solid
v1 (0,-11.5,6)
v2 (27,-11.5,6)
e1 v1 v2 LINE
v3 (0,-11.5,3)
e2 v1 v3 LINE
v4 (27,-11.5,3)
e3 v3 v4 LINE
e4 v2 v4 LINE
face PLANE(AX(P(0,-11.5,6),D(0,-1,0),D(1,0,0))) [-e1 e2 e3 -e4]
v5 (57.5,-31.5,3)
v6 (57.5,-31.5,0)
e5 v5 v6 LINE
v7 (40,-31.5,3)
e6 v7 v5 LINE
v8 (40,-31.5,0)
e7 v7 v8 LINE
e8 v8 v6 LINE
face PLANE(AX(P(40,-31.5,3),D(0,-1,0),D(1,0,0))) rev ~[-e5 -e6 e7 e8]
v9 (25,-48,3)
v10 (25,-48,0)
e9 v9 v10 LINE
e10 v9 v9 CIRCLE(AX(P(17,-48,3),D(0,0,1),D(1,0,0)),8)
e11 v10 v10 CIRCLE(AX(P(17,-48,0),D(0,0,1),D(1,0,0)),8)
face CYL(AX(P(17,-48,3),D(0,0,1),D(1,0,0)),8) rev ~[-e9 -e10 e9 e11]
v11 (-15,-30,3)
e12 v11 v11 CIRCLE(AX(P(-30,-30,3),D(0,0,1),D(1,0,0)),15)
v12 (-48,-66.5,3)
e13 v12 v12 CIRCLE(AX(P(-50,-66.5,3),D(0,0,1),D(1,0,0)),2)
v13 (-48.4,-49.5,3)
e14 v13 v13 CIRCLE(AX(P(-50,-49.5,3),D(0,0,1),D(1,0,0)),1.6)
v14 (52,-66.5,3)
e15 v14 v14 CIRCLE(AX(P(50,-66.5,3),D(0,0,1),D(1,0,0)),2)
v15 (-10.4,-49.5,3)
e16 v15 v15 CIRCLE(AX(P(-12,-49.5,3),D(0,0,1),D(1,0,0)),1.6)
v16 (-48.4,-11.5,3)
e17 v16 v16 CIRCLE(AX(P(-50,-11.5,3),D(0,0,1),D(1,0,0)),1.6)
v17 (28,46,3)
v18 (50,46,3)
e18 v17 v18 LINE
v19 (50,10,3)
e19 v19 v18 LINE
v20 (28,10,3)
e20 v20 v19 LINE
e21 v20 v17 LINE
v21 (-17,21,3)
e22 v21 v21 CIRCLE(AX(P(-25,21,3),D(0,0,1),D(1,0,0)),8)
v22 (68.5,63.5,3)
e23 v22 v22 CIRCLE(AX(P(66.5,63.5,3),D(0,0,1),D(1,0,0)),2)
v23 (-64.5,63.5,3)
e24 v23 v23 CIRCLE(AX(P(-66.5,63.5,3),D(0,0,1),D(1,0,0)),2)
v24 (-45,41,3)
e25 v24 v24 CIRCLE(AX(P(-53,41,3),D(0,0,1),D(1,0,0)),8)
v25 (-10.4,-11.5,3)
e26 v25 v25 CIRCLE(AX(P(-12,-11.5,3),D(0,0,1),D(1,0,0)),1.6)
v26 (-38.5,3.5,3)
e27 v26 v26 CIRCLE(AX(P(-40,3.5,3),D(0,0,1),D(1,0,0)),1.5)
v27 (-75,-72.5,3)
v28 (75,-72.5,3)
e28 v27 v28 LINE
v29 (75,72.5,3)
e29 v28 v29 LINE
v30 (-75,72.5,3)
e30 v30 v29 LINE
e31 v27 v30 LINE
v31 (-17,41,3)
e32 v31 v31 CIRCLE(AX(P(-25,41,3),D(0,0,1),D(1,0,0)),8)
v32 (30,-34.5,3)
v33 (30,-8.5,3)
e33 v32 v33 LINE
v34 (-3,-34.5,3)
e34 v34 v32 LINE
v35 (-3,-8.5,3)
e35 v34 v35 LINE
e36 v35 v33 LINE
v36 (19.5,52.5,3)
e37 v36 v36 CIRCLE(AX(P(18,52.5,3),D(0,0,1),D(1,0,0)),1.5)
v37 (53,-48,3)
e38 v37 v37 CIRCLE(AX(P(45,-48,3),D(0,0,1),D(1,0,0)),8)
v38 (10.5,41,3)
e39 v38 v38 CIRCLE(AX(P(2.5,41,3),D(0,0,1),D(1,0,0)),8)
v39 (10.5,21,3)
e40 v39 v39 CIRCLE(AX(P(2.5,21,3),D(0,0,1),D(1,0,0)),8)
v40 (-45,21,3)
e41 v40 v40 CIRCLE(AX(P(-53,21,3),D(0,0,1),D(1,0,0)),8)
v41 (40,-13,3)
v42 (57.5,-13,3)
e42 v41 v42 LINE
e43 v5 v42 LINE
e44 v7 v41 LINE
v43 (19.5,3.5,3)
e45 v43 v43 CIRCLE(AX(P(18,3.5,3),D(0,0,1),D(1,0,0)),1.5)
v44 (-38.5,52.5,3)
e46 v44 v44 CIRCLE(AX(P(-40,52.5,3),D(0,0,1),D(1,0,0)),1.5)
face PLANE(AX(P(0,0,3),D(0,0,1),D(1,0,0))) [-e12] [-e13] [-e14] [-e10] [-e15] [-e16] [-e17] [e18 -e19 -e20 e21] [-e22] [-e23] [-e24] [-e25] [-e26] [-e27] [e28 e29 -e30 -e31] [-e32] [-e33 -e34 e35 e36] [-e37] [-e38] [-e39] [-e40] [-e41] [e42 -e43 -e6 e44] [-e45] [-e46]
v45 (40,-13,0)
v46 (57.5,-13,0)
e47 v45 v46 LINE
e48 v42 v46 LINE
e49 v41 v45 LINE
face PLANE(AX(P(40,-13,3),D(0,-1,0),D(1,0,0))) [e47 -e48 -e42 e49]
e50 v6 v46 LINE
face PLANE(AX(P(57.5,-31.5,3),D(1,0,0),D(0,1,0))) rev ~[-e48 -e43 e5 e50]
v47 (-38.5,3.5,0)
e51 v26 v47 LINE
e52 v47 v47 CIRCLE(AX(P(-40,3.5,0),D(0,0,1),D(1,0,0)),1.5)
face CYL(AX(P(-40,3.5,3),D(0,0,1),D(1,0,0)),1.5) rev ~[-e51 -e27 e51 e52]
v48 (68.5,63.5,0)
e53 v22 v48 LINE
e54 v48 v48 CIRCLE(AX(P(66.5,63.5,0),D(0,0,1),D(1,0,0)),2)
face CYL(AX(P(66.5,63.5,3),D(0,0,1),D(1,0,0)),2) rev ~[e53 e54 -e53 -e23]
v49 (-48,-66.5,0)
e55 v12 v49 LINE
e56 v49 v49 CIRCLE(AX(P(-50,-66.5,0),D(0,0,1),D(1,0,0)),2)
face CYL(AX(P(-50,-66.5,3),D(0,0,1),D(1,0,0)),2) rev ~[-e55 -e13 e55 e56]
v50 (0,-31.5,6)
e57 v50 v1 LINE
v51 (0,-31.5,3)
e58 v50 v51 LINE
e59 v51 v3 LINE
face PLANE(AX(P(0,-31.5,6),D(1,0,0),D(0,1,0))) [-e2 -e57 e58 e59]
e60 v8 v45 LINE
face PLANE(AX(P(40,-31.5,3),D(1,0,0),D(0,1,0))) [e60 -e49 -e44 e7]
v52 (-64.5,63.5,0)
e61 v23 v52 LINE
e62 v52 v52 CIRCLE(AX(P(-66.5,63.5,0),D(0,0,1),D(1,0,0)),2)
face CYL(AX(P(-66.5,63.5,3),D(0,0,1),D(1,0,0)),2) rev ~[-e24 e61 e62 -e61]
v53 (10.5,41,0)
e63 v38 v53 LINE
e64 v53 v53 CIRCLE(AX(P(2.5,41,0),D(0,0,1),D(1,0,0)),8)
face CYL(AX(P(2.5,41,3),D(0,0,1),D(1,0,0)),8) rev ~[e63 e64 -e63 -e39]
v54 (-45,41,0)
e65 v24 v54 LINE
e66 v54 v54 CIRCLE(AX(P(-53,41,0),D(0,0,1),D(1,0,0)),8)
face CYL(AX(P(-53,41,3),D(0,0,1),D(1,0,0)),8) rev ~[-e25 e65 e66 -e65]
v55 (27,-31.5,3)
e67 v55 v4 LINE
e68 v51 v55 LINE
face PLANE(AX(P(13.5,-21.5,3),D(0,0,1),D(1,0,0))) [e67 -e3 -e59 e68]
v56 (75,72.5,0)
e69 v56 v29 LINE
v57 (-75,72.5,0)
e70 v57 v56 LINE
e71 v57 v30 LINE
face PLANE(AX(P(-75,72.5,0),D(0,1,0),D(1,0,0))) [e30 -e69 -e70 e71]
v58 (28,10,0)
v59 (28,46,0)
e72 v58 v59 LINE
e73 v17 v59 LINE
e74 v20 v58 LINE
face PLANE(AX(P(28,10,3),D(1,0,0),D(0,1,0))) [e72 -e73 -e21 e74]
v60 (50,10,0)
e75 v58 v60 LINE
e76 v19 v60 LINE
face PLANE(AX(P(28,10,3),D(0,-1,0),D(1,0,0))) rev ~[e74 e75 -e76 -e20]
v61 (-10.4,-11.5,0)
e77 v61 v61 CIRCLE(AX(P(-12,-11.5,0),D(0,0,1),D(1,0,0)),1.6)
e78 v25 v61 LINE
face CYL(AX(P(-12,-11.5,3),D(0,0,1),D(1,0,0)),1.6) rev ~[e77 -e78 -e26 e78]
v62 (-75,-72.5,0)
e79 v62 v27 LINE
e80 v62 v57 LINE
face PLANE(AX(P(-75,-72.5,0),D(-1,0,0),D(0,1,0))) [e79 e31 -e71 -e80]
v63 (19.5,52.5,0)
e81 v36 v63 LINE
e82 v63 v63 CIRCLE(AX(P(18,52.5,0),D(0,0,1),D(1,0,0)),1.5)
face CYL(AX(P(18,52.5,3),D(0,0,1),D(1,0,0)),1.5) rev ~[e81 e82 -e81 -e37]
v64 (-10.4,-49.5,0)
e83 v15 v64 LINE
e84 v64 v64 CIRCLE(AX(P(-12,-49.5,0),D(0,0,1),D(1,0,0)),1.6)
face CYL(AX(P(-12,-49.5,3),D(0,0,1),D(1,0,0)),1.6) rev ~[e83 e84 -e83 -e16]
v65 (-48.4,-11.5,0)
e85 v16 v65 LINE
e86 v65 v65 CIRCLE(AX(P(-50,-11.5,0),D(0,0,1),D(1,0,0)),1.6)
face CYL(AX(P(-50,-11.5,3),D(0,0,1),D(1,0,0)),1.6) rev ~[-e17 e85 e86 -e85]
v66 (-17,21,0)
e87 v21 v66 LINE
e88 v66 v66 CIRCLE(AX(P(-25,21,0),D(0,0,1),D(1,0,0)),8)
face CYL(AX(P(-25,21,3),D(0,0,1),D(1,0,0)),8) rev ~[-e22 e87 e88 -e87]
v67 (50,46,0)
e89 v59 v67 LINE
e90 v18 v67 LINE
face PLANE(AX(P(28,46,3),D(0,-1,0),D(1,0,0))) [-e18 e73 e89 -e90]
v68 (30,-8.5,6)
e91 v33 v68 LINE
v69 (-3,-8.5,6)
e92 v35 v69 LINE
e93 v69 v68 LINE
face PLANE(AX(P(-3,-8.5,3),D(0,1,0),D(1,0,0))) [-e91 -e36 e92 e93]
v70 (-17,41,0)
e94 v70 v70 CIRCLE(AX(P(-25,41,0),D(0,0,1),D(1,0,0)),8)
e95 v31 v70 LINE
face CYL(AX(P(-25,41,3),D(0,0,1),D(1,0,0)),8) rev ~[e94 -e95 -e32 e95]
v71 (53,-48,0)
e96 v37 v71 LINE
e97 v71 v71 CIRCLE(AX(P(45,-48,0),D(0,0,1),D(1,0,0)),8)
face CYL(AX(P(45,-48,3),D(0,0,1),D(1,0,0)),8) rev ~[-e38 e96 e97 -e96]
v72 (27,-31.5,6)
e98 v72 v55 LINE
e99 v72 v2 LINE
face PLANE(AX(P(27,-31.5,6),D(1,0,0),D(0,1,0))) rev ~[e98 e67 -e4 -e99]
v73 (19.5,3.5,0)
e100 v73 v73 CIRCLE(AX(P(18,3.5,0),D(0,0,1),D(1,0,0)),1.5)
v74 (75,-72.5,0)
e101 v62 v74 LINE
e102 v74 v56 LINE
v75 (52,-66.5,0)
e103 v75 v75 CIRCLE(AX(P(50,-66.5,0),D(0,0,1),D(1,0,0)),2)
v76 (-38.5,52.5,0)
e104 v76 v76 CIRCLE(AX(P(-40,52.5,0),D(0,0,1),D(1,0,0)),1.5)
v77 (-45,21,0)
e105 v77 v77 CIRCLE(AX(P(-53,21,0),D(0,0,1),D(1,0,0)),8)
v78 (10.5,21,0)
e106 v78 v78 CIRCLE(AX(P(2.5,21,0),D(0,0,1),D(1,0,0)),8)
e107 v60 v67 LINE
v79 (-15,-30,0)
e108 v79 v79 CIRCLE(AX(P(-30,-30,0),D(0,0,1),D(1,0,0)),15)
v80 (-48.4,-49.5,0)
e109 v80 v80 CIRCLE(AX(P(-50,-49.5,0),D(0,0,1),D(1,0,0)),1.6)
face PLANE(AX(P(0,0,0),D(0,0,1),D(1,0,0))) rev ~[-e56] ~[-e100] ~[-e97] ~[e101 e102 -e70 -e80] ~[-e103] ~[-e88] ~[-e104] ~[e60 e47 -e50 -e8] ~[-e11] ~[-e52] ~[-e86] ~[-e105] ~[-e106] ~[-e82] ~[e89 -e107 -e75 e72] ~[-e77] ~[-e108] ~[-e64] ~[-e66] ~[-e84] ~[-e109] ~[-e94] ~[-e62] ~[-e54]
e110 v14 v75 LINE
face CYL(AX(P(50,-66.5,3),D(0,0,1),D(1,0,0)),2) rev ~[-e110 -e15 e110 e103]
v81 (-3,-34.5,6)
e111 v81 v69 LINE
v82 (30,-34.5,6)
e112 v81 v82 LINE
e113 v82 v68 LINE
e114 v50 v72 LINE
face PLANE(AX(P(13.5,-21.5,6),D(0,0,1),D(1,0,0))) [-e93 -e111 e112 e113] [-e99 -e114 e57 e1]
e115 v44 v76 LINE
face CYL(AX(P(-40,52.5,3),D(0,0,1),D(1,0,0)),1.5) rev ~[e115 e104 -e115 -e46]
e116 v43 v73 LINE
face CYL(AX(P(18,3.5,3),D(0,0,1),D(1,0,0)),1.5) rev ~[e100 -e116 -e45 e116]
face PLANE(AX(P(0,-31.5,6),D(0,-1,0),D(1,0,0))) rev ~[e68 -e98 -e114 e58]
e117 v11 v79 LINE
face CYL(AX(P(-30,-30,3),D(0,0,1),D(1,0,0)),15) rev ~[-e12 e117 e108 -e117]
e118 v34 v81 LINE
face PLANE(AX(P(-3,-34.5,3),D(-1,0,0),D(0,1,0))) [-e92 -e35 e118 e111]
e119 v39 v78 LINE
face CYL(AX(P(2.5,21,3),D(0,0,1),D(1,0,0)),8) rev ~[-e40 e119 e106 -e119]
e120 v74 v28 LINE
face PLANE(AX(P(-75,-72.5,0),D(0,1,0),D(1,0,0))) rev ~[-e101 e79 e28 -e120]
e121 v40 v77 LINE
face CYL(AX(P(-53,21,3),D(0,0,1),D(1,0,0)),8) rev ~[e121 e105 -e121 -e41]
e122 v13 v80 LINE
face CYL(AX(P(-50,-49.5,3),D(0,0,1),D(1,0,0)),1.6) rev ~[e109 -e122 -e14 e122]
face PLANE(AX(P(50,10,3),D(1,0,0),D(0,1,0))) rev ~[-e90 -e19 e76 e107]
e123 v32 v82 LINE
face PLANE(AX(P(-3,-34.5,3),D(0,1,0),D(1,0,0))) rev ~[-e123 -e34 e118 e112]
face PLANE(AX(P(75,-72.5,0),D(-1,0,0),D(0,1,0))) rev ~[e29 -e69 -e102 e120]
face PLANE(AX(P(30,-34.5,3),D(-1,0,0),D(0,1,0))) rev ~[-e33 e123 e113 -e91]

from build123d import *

# Parameters (mm, degrees)
SKETCH_W        = 150
SKETCH_H        = 145
PAD_DEPTH       = 3
SKETCH001_R     = 2
POCKET_DEPTH    = 5
SKETCH002_R     = 1.5
POCKET001_DEPTH = 3.001
SKETCH003_R     = 1.6
POCKET002_DEPTH = 3.001
SKETCH004_W     = 33
SKETCH004_H     = 26
PAD001_DEPTH    = 3
SKETCH005_W     = 27
SKETCH005_H     = 20
POCKET003_DEPTH = 3
SKETCH006_R     = 8
SKETCH006_R_2   = 15
SKETCH006_W     = 22
SKETCH006_H     = 36
SKETCH006_W_2   = 17.5
SKETCH006_H_2   = 18.5
POCKET004_DEPTH = 3.001


with BuildPart() as part:
    # Sketch → Pad (new body)
    with BuildSketch(Plane.XY):
        Rectangle(SKETCH_W, SKETCH_H)
    extrude(amount=PAD_DEPTH)

    # Sketch001 (on Face6 of Pad) → Pocket (cut)
    with BuildSketch(Plane.XY.offset(3)):
        with Locations((-50, -66.5)):
            Circle(SKETCH001_R)
        with Locations((50, -66.5)):
            Circle(SKETCH001_R)
        with Locations((-66.5, 63.5)):
            Circle(SKETCH001_R)
        with Locations((66.5, 63.5)):
            Circle(SKETCH001_R)
    extrude(amount=-POCKET_DEPTH, mode=Mode.SUBTRACT)

    # Sketch002 (on Face5 of Pocket) → Pocket001 (cut, through all)
    with BuildSketch(Plane.XY.offset(3)):
        with Locations((-40, 52.5)):
            Circle(SKETCH002_R)
        with Locations((18, 52.5)):
            Circle(SKETCH002_R)
        with Locations((-40, 3.5)):
            Circle(SKETCH002_R)
        with Locations((18, 3.5)):
            Circle(SKETCH002_R)
    extrude(amount=-POCKET001_DEPTH, mode=Mode.SUBTRACT)

    # Sketch003 (on Face5 of Pocket001) → Pocket002 (cut, through all)
    with BuildSketch(Plane.XY.offset(3)):
        with Locations((-50, -11.5)):
            Circle(SKETCH003_R)
        with Locations((-12, -11.5)):
            Circle(SKETCH003_R)
        with Locations((-50, -49.5)):
            Circle(SKETCH003_R)
        with Locations((-12, -49.5)):
            Circle(SKETCH003_R)
    extrude(amount=-POCKET002_DEPTH, mode=Mode.SUBTRACT)

    # Sketch004 (on Face5 of Pocket002) → Pad001 (join)
    with BuildSketch(Plane.XY.offset(3)):
        with Locations((13.5, -21.5)):
            Rectangle(SKETCH004_W, SKETCH004_H)
    extrude(amount=PAD001_DEPTH)

    # Sketch005 (on Face23 of Pad001) → Pocket003 (cut)
    with BuildSketch(Plane.XY.offset(6)):
        with Locations((13.5, -21.5)):
            Rectangle(SKETCH005_W, SKETCH005_H)
    extrude(amount=-POCKET003_DEPTH, mode=Mode.SUBTRACT)

    # Sketch006 (on Face5 of Pocket003) → Pocket004 (cut, through all)
    with BuildSketch(Plane.XY.offset(3)):
        with Locations((-25, 41)):
            Circle(SKETCH006_R)
        with Locations((2.5, 41)):
            Circle(SKETCH006_R)
        with Locations((-25, 21)):
            Circle(SKETCH006_R)
        with Locations((2.5, 21)):
            Circle(SKETCH006_R)
        with Locations((-30, -30)):
            Circle(SKETCH006_R_2)
        with Locations((17, -48)):
            Circle(SKETCH006_R)
        with Locations((45, -48)):
            Circle(SKETCH006_R)
        with Locations((-53, 41)):
            Circle(SKETCH006_R)
        with Locations((-53, 21)):
            Circle(SKETCH006_R)
        with Locations((39, 28)):
            Rectangle(SKETCH006_W, SKETCH006_H)
        with Locations((48.75, -22.25)):
            Rectangle(SKETCH006_W_2, SKETCH006_H_2)
    extrude(amount=-POCKET004_DEPTH, mode=Mode.SUBTRACT)


solid = part.part
